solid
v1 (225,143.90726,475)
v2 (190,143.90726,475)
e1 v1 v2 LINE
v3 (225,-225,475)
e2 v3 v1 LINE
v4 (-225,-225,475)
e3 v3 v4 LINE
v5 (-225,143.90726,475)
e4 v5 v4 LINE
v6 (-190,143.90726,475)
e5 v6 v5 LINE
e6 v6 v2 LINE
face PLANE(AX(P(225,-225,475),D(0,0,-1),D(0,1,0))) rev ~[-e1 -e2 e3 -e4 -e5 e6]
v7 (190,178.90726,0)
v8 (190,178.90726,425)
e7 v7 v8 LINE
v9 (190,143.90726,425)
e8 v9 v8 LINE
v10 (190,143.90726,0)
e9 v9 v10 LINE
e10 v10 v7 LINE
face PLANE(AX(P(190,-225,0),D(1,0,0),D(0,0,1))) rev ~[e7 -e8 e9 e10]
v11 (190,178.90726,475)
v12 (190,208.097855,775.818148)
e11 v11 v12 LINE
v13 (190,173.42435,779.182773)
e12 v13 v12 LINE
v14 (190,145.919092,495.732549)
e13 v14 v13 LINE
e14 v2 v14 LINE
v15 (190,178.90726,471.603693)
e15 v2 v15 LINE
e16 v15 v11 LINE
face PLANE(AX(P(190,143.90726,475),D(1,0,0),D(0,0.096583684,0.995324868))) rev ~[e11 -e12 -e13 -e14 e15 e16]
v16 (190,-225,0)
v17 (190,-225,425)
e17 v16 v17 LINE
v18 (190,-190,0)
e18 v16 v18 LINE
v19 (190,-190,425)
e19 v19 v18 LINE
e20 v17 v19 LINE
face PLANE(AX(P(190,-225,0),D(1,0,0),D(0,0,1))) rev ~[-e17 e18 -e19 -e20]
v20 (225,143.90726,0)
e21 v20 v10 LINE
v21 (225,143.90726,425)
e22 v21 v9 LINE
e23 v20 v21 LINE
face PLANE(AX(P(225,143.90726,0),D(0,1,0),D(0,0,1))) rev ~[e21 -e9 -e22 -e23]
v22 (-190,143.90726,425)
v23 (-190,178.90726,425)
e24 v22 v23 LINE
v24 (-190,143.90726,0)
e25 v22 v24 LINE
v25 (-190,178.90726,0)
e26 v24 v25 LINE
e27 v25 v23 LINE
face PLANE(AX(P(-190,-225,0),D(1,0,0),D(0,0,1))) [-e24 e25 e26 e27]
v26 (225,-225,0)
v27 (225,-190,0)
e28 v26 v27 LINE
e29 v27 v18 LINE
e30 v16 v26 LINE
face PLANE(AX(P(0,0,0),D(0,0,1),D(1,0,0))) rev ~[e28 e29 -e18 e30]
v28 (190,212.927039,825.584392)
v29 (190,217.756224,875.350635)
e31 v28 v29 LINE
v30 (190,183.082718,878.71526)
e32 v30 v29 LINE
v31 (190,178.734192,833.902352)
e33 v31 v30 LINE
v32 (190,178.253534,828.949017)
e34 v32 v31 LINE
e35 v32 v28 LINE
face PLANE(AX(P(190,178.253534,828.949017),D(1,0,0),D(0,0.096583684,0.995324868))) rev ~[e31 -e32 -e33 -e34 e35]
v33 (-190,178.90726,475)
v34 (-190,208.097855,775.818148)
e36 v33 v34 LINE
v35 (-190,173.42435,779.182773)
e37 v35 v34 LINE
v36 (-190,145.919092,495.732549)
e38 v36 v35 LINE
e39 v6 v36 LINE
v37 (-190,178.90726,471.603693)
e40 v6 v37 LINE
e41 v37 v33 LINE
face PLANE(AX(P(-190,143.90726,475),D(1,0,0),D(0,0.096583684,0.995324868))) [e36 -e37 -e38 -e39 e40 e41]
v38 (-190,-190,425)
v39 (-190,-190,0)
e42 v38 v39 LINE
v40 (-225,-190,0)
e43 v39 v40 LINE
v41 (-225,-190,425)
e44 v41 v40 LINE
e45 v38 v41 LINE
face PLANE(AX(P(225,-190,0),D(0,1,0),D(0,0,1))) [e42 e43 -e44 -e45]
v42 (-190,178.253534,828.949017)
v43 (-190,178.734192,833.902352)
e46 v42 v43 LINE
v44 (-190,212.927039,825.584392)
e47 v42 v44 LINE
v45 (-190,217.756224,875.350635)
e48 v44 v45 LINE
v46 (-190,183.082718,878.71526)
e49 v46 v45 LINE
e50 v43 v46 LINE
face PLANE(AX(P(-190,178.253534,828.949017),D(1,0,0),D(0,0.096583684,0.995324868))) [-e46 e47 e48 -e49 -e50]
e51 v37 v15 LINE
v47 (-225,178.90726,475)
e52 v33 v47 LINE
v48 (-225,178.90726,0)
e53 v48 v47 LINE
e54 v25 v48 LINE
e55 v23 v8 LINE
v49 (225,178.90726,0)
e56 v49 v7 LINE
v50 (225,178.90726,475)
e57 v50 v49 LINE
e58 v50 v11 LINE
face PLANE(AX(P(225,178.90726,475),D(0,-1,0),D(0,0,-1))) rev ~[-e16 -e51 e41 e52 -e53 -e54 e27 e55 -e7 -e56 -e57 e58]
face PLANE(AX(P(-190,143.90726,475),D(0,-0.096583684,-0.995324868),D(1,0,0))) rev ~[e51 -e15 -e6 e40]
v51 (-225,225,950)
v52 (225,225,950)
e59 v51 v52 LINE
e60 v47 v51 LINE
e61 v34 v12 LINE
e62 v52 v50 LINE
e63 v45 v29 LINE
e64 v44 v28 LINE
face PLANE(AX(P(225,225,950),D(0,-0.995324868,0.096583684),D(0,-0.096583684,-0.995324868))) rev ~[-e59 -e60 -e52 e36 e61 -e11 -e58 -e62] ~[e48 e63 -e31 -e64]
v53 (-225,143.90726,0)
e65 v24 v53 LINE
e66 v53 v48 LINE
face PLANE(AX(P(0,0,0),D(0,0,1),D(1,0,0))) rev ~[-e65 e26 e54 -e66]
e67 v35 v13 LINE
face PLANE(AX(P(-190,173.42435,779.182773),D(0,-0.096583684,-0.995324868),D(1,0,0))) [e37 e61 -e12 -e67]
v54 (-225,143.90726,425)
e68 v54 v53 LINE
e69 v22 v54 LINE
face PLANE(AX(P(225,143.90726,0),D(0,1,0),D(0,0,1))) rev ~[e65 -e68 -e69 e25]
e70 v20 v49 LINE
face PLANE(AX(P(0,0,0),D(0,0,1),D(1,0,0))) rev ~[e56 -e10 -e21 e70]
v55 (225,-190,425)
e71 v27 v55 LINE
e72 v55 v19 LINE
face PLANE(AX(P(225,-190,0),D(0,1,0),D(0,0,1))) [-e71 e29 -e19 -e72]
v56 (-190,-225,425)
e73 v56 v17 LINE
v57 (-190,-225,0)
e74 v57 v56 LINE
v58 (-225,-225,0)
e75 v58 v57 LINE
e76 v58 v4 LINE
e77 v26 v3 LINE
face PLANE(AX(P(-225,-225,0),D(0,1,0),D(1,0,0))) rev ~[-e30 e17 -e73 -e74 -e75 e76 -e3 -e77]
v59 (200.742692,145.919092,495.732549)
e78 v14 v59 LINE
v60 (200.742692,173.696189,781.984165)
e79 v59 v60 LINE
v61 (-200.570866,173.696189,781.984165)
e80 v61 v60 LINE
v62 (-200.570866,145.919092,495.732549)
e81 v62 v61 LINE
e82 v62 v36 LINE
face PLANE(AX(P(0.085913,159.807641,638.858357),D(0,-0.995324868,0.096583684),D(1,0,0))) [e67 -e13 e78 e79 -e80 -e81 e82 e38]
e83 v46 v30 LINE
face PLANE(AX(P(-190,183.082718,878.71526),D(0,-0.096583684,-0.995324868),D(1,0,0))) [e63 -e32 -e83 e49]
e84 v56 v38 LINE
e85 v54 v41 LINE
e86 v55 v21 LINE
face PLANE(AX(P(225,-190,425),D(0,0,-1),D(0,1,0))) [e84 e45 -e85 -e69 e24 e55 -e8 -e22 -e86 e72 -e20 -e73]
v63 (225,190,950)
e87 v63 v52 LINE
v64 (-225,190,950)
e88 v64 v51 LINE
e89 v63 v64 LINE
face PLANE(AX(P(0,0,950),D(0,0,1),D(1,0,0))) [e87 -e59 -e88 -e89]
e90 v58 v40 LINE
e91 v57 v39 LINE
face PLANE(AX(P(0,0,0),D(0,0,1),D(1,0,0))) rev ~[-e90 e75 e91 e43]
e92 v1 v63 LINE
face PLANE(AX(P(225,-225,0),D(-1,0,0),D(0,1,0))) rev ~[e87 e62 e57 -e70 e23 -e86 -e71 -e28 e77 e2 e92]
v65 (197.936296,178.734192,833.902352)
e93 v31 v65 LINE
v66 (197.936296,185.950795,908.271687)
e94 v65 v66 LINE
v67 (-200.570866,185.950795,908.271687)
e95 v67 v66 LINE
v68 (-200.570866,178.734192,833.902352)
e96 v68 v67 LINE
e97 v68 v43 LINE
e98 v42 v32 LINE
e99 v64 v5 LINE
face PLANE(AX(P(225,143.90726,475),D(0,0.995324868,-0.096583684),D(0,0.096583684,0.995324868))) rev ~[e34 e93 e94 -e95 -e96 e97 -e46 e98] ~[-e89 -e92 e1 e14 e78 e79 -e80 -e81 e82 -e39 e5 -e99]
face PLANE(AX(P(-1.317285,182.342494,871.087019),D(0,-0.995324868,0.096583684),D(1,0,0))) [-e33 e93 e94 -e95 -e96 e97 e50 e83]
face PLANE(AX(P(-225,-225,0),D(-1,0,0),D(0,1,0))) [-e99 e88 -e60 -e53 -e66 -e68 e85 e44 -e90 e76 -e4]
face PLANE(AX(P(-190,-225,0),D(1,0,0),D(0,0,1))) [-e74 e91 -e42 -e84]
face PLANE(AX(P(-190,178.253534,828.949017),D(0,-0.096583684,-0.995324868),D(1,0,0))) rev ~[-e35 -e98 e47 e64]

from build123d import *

# Parameters (mm, degrees)
F0_W     = 450
F0_H     = 450
F1_DEPTH = 950
F2_W     = 46.0927397013
F2_H     = 50
F2_W_2   = 333.9072602987
F2_H_2   = 425
F3_DEPTH = 450.001
F4_W     = 398.5071629286
F4_H     = 74.7186541557
F4_W_2   = 401.3135582209
F4_H_2   = 287.5961661339
F5_DEPTH = 413.0608200261
F6_W     = 380
F6_H     = 425
F7_DEPTH = 450.001
F8_W     = 380
F8_H     = 305.6115476475
F8_H_2   = 50
F9_DEPTH = 126.5918704384


with BuildPart() as f1:
    # F0 (on Top) → F1 (new body)
    with BuildSketch(Plane.XY):
        Rectangle(F0_W, F0_H)
    extrude(amount=F1_DEPTH)

    # F2 (on face) → F3 (cut, through all)
    with BuildSketch(Plane.YZ.offset(225)):
        with Locations((201.9536301494, 450)):
            Rectangle(F2_W, F2_H)
        Polygon((-225, 950), (-225, 475), (143.9072602987, 475), (190, 950), align=None)
        Polygon((225, 950), (178.9072602987, 475), (225, 475), align=None)
        with Locations((-23.0463698506, 212.5)):
            Rectangle(F2_W_2, F2_H_2)
        with Locations((201.9536301494, 212.5)):
            Rectangle(F2_W, F2_H_2)
    extrude(amount=-F3_DEPTH, mode=Mode.SUBTRACT)

    # F4 (on face) → F5 (cut, through all)
    with BuildSketch(Plane(origin=(0, 96.9020668341, -9.4031194592), x_dir=(1, 0, 0), z_dir=(0, -0.9953248675, 0.0965836843))):
        with Locations((-1.3172850013, 884.6258819103)):
            Rectangle(F4_W, F4_H)
        with Locations((0.0859126449, 651.3064205647)):
            Rectangle(F4_W_2, F4_H_2)
    extrude(amount=F5_DEPTH, mode=Mode.SUBTRACT)

    # F6 (on face) → F7 (cut, through all)
    with BuildSketch(Plane.XZ.offset(225)):
        with Locations((0, 212.5)):
            Rectangle(F6_W, F6_H)
    extrude(amount=-F7_DEPTH, mode=Mode.SUBTRACT)

    # F8 (on face) → F9 (cut, through all)
    with BuildSketch(Plane(origin=(0, 96.9020668341, -9.4031194592), x_dir=(1, 0, 0), z_dir=(0, -0.9953248675, 0.0965836843))):
        with Locations((0, 639.4841792974)):
            Rectangle(F8_W, F8_H)
        with Locations((0, 867.2899531212)):
            Rectangle(F8_W, F8_H_2)
    extrude(amount=-F9_DEPTH, mode=Mode.SUBTRACT)


solid = f1.part
